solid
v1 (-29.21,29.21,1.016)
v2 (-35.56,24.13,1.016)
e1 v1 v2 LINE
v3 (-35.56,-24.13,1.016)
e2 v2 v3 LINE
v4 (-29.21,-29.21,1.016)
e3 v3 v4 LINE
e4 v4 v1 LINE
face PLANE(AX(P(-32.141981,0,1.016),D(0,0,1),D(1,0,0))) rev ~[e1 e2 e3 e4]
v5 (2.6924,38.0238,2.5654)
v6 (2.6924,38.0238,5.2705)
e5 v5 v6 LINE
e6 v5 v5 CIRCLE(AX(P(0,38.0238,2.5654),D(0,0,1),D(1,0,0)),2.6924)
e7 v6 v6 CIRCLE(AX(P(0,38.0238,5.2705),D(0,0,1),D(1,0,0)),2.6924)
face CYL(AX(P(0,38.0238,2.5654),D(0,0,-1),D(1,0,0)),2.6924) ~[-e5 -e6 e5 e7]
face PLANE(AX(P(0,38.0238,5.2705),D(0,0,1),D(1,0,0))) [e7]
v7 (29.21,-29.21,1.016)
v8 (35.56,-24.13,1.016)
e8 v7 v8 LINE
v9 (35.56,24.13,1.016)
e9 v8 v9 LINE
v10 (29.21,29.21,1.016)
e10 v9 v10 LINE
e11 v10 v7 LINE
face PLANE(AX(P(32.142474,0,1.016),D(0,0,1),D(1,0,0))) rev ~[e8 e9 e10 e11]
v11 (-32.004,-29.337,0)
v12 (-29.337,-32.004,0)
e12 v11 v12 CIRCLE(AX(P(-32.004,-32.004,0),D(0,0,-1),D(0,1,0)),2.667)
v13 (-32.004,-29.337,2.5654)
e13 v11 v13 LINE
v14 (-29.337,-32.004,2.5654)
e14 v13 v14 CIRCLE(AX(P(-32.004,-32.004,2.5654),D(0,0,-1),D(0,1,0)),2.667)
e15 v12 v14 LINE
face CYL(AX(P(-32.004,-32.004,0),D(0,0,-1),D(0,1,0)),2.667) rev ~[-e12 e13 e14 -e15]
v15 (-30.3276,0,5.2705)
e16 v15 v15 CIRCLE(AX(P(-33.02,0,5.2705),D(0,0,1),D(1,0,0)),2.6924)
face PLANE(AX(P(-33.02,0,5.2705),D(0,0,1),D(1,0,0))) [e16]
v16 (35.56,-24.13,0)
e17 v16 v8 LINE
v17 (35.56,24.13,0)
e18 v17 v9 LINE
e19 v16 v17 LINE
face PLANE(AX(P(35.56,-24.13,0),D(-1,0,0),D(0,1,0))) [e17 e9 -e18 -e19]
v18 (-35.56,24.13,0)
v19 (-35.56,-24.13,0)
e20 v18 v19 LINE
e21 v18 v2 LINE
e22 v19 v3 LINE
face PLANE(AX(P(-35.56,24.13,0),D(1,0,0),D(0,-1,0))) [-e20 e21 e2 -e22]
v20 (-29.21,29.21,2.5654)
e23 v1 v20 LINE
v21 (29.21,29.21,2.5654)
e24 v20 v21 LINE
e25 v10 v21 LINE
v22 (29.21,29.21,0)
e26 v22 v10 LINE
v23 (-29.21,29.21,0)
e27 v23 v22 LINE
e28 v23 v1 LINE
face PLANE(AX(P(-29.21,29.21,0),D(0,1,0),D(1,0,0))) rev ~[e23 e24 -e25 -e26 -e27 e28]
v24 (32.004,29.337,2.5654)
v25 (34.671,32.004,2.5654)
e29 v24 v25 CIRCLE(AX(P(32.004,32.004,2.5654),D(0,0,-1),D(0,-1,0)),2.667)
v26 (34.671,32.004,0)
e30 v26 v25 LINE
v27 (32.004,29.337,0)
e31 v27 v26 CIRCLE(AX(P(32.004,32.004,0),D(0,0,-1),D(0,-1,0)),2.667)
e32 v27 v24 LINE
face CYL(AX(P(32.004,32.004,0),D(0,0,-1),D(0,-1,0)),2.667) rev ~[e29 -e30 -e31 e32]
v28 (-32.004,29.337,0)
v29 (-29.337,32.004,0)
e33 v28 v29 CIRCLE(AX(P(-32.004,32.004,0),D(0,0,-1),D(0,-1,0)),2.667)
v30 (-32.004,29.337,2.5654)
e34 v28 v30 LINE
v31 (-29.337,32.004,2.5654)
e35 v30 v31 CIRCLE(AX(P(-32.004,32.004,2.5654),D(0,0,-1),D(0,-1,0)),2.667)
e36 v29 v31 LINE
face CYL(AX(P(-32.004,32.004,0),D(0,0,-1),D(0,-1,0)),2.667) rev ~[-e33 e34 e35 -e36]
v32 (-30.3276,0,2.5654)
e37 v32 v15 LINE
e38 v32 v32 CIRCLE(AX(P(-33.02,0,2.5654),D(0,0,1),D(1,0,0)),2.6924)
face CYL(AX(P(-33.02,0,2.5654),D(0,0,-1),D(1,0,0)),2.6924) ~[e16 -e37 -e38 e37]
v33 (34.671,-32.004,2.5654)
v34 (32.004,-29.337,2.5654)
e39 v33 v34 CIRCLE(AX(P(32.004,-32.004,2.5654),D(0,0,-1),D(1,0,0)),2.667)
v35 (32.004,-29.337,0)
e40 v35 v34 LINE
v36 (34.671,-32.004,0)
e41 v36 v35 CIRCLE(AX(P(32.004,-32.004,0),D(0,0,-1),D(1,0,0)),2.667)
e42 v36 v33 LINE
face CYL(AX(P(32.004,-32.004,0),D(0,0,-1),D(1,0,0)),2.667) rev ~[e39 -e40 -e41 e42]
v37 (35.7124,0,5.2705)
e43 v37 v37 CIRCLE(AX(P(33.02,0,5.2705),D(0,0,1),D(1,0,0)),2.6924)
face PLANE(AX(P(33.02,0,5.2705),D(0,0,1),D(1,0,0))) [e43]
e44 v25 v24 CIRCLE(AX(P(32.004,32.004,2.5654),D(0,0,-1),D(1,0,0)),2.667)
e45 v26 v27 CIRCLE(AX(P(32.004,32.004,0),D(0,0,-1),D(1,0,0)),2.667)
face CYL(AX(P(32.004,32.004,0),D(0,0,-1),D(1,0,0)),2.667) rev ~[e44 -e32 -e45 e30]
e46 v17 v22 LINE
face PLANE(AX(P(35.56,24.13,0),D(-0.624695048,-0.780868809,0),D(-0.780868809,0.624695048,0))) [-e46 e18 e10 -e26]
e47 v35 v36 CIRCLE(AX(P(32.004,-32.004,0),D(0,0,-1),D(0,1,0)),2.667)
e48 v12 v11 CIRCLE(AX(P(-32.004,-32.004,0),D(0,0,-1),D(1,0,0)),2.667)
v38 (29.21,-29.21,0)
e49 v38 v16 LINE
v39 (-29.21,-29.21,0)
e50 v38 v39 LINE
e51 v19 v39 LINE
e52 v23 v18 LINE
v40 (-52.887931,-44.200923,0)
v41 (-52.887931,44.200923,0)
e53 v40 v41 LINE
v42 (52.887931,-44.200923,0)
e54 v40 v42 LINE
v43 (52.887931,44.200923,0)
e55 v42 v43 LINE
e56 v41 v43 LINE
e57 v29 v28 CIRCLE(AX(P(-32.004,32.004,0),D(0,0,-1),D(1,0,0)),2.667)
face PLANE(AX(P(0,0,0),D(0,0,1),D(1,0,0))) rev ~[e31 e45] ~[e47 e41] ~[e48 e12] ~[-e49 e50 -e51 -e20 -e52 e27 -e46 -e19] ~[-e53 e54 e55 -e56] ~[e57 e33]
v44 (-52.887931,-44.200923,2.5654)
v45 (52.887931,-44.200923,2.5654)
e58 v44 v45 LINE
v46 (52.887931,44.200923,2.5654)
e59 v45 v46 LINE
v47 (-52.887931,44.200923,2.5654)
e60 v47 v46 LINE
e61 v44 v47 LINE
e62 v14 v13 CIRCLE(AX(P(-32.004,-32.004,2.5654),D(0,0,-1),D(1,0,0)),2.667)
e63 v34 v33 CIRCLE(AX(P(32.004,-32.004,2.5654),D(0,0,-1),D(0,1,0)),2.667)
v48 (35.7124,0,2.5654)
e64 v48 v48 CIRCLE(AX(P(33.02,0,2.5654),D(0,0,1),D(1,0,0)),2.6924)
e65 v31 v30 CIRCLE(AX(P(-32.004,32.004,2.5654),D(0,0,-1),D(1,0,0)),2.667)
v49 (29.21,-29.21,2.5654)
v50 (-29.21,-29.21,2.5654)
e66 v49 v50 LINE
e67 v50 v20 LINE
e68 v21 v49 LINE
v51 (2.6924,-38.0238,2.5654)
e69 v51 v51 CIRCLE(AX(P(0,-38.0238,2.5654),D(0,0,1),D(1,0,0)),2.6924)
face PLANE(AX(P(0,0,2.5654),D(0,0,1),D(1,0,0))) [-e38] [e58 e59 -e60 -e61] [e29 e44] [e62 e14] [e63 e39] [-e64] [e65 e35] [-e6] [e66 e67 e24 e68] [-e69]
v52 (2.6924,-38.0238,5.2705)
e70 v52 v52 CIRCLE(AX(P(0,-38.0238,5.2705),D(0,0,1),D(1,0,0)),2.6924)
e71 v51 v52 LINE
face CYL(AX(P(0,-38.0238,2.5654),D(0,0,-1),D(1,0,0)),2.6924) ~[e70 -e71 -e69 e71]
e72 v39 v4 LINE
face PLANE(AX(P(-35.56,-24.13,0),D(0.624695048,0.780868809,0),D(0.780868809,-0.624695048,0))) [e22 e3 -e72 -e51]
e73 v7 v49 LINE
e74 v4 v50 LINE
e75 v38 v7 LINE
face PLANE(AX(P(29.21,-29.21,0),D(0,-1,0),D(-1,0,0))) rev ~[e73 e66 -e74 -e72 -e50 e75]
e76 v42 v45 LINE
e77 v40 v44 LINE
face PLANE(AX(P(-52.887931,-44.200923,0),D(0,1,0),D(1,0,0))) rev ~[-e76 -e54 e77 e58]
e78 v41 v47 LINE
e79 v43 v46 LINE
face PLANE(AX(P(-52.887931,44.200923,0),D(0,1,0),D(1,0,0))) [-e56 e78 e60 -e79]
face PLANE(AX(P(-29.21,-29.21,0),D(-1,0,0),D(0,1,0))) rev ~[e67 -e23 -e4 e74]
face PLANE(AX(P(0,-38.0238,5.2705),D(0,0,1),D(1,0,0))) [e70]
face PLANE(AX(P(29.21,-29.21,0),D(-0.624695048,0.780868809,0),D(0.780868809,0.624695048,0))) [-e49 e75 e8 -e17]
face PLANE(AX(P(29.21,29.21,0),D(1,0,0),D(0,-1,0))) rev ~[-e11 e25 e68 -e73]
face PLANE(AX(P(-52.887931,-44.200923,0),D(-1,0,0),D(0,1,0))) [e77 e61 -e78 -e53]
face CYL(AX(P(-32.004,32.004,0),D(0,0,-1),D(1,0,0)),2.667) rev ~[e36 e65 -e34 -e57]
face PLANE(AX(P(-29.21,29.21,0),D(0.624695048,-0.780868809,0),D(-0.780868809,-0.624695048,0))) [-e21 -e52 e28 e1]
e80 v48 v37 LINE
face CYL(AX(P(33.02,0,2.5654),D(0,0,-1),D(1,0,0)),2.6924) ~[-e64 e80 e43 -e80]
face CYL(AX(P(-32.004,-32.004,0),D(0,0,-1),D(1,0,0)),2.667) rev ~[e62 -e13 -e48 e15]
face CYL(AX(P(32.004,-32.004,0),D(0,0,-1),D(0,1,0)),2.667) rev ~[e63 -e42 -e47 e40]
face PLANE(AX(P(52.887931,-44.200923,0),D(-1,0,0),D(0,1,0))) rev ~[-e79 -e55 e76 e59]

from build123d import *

# Parameters (mm, degrees)
F0_W     = 105.7758629322
F0_H     = 88.4018465877
F0_R     = 2.6924
F1_DEPTH = 2.5654
F2_DEPTH = 1.016
F3_R     = 2.6924
F4_DEPTH = 2.7051


with BuildPart() as f1:
    # F0 (on Top) → F1 (new body)
    with BuildSketch(Plane.XY):
        Rectangle(F0_W, F0_H)
        with BuildLine():
            ThreePointArc((-32.004, -29.337), (-30.1181462146, -30.1181462146), (-29.337, -32.004))
            ThreePointArc((-29.337, -32.004), (-33.8898537854, -33.8898537854), (-32.004, -29.337))
        make_face(mode=Mode.SUBTRACT)
        with Locations((0, -38.0238)):
            Circle(F0_R, mode=Mode.SUBTRACT)
        with BuildLine():
            ThreePointArc((32.004, -29.337), (33.8898537854, -30.1181462146), (34.671, -32.004))
            ThreePointArc((34.671, -32.004), (30.1181462146, -33.8898537854), (32.004, -29.337))
        make_face(mode=Mode.SUBTRACT)
        with BuildLine():
            ThreePointArc((-32.004, 29.337), (-33.8898537854, 33.8898537854), (-29.337, 32.004))
            ThreePointArc((-29.337, 32.004), (-30.1181462146, 30.1181462146), (-32.004, 29.337))
        make_face(mode=Mode.SUBTRACT)
        with BuildLine():
            Line((35.56, -24.13), (29.21, -29.21))
            Line((29.21, -29.21), (-29.21, -29.21))
            Line((-29.21, -29.21), (-35.56, -24.13))
            Line((-35.56, -24.13), (-35.56, -0.8929825082))
            ThreePointArc((-35.56, -0.8929825082), (-35.7124, 0), (-35.56, 0.8929825082))
            Line((-35.56, 0.8929825082), (-35.56, 24.13))
            Line((-35.56, 24.13), (-29.21, 29.21))
            Line((-29.21, 29.21), (0, 29.21))
            Line((0, 29.21), (29.21, 29.21))
            Line((29.21, 29.21), (35.56, 24.13))
            Line((35.56, 24.13), (35.56, 0.8929825082))
            ThreePointArc((35.56, 0.8929825082), (35.6740265409, 0.4529468843), (35.7124, 0))
            ThreePointArc((35.7124, 0), (35.6740265409, -0.4529468843), (35.56, -0.8929825082))
            Line((35.56, -0.8929825082), (35.56, -24.13))
        make_face(mode=Mode.SUBTRACT)
        with BuildLine():
            ThreePointArc((2.6924, 38.0238), (1.9038142977, 36.1199857023), (0, 35.3314))
            ThreePointArc((0, 35.3314), (-1.9038142977, 39.9276142977), (2.6924, 38.0238))
        make_face(mode=Mode.SUBTRACT)
        with BuildLine():
            ThreePointArc((32.004, 29.337), (30.1181462146, 33.8898537854), (34.671, 32.004))
            ThreePointArc((34.671, 32.004), (33.8898537854, 30.1181462146), (32.004, 29.337))
        make_face(mode=Mode.SUBTRACT)
        with BuildLine():
            Line((-35.56, -24.13), (-29.21, -29.21))
            Line((-29.21, -29.21), (-29.21, 29.21))
            Line((-29.21, 29.21), (-35.56, 24.13))
            Line((-35.56, 24.13), (-35.56, 0.8929825082))
            ThreePointArc((-35.56, 0.8929825082), (-32.5670531157, 2.6540265409), (-30.3276, 0))
            ThreePointArc((-30.3276, 0), (-32.5670531157, -2.6540265409), (-35.56, -0.8929825082))
            Line((-35.56, -0.8929825082), (-35.56, -24.13))
        make_face()
        with BuildLine():
            Line((29.21, 29.21), (29.21, -29.21))
            Line((29.21, -29.21), (35.56, -24.13))
            Line((35.56, -24.13), (35.56, -0.8929825082))
            ThreePointArc((35.56, -0.8929825082), (30.3276, 0), (35.56, 0.8929825082))
            Line((35.56, 0.8929825082), (35.56, 24.13))
            Line((35.56, 24.13), (29.21, 29.21))
        make_face()
        with BuildLine():
            ThreePointArc((2.6924, 38.0238), (-1.9038142977, 39.9276142977), (0, 35.3314))
            ThreePointArc((0, 35.3314), (1.9038142977, 36.1199857023), (2.6924, 38.0238))
        make_face()
        with Locations((0, -38.0238)):
            Circle(F0_R)
        with BuildLine():
            Line((-35.56, 0.8929825082), (-35.56, -0.8929825082))
            ThreePointArc((-35.56, -0.8929825082), (-32.5670531157, -2.6540265409), (-30.3276, 0))
            ThreePointArc((-30.3276, 0), (-32.5670531157, 2.6540265409), (-35.56, 0.8929825082))
        make_face()
        with BuildLine():
            ThreePointArc((35.56, 0.8929825082), (30.3276, 0), (35.56, -0.8929825082))
            Line((35.56, -0.8929825082), (35.56, 0.8929825082))
        make_face()
        with BuildLine():
            Line((35.56, 0.8929825082), (35.56, -0.8929825082))
            ThreePointArc((35.56, -0.8929825082), (35.6740265409, -0.4529468843), (35.7124, 0))
            ThreePointArc((35.7124, 0), (35.6740265409, 0.4529468843), (35.56, 0.8929825082))
        make_face()
        with BuildLine():
            ThreePointArc((-35.56, 0.8929825082), (-35.7124, 0), (-35.56, -0.8929825082))
            Line((-35.56, -0.8929825082), (-35.56, 0.8929825082))
        make_face()
    extrude(amount=F1_DEPTH)

    # F0 (on Top) → F2 (cut)
    with BuildSketch(Plane.XY):
        with BuildLine():
            Line((29.21, 29.21), (29.21, -29.21))
            Line((29.21, -29.21), (35.56, -24.13))
            Line((35.56, -24.13), (35.56, -0.8929825082))
            ThreePointArc((35.56, -0.8929825082), (30.3276, 0), (35.56, 0.8929825082))
            Line((35.56, 0.8929825082), (35.56, 24.13))
            Line((35.56, 24.13), (29.21, 29.21))
        make_face()
        with BuildLine():
            ThreePointArc((35.56, 0.8929825082), (30.3276, 0), (35.56, -0.8929825082))
            Line((35.56, -0.8929825082), (35.56, 0.8929825082))
        make_face()
        with BuildLine():
            Line((-35.56, -24.13), (-29.21, -29.21))
            Line((-29.21, -29.21), (-29.21, 29.21))
            Line((-29.21, 29.21), (-35.56, 24.13))
            Line((-35.56, 24.13), (-35.56, 0.8929825082))
            ThreePointArc((-35.56, 0.8929825082), (-32.5670531157, 2.6540265409), (-30.3276, 0))
            ThreePointArc((-30.3276, 0), (-32.5670531157, -2.6540265409), (-35.56, -0.8929825082))
            Line((-35.56, -0.8929825082), (-35.56, -24.13))
        make_face()
        with BuildLine():
            Line((-35.56, 0.8929825082), (-35.56, -0.8929825082))
            ThreePointArc((-35.56, -0.8929825082), (-32.5670531157, -2.6540265409), (-30.3276, 0))
            ThreePointArc((-30.3276, 0), (-32.5670531157, 2.6540265409), (-35.56, 0.8929825082))
        make_face()
    extrude(amount=F2_DEPTH, mode=Mode.SUBTRACT)

    # F3 (on face) → F4 (join)
    with BuildSketch(Plane.XY.offset(2.5654)):
        with Locations((0, 38.0238)):
            Circle(F3_R)
        with Locations((0, -38.0238)):
            Circle(F3_R)
        with Locations((33.02, 0)):
            Circle(F3_R)
        with Locations((-33.02, 0)):
            Circle(F3_R)
    extrude(amount=F4_DEPTH)


solid = f1.part
